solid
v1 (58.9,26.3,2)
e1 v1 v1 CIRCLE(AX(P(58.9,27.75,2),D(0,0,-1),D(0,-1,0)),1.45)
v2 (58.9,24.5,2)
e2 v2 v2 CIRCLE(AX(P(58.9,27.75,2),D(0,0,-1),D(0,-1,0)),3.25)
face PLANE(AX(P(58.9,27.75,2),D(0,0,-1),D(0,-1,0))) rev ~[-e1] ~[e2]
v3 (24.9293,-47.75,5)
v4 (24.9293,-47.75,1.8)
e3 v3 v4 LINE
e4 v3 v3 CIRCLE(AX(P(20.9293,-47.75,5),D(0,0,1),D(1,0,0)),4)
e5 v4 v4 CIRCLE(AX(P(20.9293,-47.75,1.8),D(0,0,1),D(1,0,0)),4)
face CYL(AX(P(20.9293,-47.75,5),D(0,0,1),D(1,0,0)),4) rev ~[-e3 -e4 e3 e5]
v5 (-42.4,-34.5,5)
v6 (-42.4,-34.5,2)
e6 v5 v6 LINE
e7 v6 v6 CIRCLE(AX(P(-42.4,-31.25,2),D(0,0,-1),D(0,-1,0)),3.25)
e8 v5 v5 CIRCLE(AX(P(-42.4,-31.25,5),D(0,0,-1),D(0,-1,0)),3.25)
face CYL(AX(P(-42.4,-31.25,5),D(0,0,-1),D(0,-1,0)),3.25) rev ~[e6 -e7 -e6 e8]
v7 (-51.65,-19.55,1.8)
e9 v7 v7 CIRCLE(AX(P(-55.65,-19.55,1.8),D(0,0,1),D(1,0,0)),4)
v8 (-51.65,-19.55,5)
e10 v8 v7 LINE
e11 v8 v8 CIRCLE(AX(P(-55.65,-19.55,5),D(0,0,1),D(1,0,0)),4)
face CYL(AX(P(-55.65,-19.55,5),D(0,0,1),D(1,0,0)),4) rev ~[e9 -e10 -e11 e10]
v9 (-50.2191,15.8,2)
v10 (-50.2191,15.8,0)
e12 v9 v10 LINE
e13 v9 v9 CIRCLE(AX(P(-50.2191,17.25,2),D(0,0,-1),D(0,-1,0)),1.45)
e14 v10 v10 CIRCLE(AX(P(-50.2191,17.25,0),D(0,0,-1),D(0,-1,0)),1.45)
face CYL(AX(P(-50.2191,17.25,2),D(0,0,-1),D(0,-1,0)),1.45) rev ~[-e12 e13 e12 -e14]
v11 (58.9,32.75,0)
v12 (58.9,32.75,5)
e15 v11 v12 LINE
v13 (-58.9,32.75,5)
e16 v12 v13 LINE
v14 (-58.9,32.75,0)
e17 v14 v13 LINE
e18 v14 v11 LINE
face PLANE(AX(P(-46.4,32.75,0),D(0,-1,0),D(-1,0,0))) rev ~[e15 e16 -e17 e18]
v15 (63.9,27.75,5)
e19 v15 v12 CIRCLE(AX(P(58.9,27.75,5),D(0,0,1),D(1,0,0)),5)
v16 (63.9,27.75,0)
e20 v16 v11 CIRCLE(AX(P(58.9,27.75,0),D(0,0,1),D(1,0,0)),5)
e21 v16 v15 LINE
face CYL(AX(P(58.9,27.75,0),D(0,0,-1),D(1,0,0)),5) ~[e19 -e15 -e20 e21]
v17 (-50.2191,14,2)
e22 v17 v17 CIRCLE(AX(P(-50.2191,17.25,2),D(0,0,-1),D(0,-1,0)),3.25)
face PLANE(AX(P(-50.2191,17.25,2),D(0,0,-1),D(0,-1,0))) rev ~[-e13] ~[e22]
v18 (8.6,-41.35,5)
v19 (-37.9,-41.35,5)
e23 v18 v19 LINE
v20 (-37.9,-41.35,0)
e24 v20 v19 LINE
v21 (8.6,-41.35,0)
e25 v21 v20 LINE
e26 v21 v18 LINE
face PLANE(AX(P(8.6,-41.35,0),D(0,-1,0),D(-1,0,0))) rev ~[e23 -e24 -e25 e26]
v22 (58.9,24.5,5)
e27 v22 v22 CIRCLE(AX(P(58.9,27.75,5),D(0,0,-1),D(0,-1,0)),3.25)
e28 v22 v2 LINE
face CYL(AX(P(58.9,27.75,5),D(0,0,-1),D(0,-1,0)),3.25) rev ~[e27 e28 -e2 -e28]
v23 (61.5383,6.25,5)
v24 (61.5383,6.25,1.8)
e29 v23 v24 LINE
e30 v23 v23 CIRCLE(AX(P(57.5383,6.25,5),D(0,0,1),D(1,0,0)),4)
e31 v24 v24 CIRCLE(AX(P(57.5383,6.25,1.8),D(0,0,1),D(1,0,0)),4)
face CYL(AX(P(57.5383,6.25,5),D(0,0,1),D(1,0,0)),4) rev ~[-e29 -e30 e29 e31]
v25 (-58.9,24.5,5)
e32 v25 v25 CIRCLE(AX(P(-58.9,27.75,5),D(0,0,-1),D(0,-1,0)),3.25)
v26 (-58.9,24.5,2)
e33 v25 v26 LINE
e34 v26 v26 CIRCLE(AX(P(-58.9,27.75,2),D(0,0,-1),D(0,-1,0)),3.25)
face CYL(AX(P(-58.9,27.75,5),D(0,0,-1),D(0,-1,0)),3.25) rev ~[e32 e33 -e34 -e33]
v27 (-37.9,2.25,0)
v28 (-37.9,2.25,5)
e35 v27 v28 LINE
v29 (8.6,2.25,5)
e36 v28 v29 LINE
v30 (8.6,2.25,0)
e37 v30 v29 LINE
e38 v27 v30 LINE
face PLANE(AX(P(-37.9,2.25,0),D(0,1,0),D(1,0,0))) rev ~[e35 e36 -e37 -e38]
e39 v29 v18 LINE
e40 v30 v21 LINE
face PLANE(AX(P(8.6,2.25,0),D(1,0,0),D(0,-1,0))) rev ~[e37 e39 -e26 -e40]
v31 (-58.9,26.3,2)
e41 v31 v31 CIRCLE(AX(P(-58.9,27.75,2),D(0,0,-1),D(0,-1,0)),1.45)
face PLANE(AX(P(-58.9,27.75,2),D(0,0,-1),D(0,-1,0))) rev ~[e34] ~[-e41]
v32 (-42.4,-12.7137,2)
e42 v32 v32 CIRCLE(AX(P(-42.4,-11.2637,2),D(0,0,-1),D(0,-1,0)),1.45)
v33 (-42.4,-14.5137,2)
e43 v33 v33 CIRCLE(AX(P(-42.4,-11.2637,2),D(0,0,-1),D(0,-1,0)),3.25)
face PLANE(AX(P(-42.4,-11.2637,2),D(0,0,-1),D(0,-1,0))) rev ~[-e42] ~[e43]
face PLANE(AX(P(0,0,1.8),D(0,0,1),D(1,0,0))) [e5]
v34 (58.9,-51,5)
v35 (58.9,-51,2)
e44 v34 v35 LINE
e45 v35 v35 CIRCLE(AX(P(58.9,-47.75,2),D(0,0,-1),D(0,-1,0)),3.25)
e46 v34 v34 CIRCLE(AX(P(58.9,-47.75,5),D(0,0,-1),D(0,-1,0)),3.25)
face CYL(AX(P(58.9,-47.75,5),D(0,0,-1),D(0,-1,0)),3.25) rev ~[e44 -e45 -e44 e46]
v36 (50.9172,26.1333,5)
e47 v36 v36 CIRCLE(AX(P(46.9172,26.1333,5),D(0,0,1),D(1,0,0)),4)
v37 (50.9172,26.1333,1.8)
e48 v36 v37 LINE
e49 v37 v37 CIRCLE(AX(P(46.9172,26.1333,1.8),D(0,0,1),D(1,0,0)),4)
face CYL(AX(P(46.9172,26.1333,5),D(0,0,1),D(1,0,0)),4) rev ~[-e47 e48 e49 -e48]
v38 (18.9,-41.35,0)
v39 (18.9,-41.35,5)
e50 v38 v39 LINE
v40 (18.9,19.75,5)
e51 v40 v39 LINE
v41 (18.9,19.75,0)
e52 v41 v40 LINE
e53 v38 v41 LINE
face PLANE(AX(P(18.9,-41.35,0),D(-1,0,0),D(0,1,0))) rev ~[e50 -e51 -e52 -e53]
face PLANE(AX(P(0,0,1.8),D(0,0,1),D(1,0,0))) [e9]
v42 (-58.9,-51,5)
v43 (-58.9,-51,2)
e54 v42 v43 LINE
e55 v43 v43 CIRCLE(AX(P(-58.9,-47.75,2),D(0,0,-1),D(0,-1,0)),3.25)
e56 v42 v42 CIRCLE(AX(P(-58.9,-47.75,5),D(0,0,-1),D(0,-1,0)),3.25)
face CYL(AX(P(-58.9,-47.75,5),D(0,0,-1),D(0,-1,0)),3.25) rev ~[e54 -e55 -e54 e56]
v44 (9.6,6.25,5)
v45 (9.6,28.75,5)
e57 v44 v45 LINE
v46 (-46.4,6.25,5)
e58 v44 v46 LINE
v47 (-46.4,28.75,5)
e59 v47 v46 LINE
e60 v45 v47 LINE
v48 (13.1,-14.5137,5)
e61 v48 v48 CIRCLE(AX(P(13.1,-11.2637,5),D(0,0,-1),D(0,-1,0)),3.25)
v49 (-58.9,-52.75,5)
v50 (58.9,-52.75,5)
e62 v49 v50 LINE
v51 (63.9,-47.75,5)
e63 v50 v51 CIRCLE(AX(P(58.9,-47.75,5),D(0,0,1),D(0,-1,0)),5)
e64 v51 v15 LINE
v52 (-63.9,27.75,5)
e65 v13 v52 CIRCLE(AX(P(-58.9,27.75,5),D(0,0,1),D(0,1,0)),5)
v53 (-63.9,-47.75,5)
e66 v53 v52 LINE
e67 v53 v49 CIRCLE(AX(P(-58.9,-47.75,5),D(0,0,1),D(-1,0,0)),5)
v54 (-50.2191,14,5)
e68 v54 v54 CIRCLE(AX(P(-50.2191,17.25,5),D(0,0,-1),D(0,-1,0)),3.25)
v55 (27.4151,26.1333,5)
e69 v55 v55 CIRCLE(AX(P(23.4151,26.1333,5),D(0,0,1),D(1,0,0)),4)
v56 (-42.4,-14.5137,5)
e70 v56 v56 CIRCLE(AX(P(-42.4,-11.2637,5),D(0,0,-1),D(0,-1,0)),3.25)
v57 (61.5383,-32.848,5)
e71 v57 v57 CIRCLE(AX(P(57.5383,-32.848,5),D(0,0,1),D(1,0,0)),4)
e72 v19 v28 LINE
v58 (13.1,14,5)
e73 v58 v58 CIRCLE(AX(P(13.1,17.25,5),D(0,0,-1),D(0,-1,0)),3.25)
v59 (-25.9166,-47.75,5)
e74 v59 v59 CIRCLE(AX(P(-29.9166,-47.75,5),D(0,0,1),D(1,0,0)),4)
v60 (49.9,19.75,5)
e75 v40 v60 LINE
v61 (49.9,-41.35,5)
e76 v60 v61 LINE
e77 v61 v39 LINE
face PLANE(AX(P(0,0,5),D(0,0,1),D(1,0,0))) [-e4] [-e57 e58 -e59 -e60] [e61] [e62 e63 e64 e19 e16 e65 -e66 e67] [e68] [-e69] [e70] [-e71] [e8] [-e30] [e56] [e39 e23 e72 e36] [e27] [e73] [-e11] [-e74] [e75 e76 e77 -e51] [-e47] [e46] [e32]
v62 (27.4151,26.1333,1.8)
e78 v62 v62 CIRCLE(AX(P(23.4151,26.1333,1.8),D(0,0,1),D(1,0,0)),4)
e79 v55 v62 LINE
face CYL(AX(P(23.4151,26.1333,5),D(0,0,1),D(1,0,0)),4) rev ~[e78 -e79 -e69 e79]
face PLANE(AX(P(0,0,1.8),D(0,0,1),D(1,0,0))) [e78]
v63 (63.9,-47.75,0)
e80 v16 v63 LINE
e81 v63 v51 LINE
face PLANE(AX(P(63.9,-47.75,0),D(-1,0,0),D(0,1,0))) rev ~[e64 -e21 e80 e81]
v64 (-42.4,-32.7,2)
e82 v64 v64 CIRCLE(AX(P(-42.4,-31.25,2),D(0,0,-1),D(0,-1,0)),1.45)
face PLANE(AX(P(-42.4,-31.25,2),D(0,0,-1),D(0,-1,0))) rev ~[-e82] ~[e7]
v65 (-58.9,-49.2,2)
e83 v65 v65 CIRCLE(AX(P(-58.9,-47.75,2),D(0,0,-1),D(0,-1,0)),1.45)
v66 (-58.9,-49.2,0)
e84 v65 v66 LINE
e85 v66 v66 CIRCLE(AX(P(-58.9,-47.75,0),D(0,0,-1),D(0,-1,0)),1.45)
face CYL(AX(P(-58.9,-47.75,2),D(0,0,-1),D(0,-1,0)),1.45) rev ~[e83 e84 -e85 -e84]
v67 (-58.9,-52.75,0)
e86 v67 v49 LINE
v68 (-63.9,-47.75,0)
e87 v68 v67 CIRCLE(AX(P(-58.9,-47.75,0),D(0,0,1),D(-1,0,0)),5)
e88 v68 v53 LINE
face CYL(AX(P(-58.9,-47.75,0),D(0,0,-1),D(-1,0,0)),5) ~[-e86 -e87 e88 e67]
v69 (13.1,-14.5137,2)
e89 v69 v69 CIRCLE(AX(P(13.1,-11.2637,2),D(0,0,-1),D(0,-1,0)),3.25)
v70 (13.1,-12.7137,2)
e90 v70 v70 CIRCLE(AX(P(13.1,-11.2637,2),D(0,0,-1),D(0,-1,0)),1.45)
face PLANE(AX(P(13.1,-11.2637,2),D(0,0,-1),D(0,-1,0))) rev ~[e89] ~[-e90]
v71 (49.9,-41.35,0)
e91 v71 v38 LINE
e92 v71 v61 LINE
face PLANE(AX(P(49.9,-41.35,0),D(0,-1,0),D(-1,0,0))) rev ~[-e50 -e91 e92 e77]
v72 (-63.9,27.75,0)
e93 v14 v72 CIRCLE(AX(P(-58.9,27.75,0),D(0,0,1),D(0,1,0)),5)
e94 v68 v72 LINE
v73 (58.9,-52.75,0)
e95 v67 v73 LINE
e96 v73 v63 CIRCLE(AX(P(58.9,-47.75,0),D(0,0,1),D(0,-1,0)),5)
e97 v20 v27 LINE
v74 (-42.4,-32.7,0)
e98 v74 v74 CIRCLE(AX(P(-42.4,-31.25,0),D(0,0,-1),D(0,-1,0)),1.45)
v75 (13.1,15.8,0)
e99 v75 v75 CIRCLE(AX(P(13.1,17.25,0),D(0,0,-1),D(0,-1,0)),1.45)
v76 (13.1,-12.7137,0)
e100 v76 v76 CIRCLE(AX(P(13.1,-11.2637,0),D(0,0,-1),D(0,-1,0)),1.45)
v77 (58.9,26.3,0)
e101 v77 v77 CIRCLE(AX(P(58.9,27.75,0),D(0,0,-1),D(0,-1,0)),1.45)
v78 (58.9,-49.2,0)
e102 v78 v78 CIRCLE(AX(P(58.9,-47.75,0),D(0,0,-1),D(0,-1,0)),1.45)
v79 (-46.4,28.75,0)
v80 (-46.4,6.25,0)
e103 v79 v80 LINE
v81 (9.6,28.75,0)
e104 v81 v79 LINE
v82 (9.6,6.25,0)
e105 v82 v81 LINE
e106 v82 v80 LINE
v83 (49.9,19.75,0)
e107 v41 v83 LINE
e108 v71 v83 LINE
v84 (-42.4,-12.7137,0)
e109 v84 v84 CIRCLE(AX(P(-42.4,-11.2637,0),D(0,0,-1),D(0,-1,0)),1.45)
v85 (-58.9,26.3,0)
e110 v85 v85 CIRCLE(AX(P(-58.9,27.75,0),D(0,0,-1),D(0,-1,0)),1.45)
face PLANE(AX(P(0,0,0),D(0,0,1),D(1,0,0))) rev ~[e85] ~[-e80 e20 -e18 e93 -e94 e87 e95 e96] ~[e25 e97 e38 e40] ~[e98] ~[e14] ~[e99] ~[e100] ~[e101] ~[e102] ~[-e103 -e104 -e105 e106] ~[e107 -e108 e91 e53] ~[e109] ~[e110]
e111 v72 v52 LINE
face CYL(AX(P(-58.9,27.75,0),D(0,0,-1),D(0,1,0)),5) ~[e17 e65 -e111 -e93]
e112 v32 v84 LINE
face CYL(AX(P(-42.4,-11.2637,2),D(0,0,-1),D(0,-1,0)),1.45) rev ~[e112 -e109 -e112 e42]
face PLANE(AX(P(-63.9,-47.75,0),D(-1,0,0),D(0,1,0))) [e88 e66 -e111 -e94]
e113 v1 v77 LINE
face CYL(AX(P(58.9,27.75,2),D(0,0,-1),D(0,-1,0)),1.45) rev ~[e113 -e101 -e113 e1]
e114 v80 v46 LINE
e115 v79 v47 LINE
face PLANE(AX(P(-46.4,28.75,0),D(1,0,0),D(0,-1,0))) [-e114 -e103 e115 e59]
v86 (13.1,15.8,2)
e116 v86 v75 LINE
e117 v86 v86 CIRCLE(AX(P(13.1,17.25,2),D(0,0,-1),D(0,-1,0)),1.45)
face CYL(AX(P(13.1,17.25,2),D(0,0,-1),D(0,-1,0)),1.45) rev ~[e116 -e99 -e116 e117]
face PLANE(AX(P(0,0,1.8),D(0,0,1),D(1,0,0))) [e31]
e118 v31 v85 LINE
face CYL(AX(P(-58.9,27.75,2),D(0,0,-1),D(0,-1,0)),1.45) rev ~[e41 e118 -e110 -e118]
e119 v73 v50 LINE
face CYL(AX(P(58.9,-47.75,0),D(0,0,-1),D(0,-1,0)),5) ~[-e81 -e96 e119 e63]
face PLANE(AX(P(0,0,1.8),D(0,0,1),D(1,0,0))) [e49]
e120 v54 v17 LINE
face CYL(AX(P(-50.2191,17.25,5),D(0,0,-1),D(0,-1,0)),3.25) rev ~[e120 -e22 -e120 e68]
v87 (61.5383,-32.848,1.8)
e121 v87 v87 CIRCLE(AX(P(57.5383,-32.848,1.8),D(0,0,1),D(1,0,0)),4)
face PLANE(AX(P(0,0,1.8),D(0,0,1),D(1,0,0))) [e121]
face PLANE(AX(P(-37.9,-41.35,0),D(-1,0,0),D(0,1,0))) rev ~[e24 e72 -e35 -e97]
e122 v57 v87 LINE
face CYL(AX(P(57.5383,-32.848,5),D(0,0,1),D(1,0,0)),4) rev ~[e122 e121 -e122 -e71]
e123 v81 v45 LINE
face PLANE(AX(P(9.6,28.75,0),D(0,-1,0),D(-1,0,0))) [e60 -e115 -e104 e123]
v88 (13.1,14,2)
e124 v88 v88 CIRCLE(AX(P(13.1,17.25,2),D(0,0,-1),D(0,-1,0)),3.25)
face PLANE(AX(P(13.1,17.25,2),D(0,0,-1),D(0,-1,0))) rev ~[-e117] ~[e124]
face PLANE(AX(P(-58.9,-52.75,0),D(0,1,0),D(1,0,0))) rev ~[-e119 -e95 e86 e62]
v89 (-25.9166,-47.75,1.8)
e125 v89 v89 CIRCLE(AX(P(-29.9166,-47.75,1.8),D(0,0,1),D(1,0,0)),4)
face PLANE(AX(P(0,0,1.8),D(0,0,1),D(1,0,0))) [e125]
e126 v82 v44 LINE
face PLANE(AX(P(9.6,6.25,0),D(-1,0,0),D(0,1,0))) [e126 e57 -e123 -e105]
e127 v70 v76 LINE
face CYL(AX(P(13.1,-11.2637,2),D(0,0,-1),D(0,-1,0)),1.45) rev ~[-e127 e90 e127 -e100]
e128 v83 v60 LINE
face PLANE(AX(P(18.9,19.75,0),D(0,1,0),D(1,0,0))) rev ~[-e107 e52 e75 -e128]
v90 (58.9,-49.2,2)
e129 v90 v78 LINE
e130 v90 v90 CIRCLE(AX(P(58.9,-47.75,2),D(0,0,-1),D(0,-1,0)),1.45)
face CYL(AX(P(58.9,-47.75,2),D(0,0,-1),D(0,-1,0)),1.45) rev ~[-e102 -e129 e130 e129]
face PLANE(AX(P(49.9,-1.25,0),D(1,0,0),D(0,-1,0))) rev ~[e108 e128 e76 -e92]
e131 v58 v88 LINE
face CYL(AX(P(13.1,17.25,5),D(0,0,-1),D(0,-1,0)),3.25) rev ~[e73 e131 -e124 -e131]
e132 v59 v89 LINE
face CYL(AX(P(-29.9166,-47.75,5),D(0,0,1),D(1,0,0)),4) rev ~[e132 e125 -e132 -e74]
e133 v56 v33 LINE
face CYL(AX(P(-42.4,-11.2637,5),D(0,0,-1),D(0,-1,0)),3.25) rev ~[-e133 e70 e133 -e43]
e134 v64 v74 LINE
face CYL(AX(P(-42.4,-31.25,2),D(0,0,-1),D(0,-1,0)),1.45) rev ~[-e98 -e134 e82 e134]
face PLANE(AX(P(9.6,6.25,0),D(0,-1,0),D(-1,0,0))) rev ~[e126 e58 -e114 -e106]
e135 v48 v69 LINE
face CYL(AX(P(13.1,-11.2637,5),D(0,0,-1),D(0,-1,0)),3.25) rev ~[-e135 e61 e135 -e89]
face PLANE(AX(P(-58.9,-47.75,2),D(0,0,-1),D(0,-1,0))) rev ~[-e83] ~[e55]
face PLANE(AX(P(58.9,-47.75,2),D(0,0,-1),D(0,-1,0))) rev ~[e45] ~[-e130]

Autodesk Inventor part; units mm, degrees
ref_plane "YZ Plane" through (0, 0, 0) normal (1, 0, 0) x (0, 1, 0)
ref_plane "XZ Plane" through (0, 0, 0) normal (0, 1, 0) x (-1, 0, 0)
ref_plane "Arbeitsebene1" through (0, 0, 0) normal (0, 0, 1) x (1, 0, 0)
sketch "Skizze1" plane through (0, 0, 0) normal (0, 0, 1) x (1, 0, 0)
  line L0 (8.6, 2.25) -> (8.6, -41.35) projected
  line L1 (8.6, -41.35) -> (-37.9, -41.35) projected
  line L2 (-37.9, -41.35) -> (-37.9, 2.25) projected
  line L3 (-37.9, 2.25) -> (8.6, 2.25) projected
  line L4 (9.6, 6.25) -> (-46.4, 6.25) projected
  line L5 (-46.4, 32.25) -> (-46.4, 6.25) projected
  line L6 (9.6, 32.25) -> (-46.4, 32.25) projected
  line L7 (9.6, 6.25) -> (9.6, 32.25) projected
  circle A0 centre (13.1, -11.2637) radius 1.4 projected
  circle A1 centre (-42.4, -11.2637) radius 1.4 projected
  circle A2 centre (-42.4, -31.25) radius 1.4 projected
  line L8 (18.9, -41.35) -> (18.9, 19.75) projected
  line L9 (18.9, 19.75) -> (58.9, 19.75) projected
  line L10 (58.9, 19.75) -> (58.9, 19.25) projected
  line L11 (58.9, 19.25) -> (55.9, 19.25) projected
  line L12 (55.9, 17.6031) -> (55.9, 19.25) projected
  line L13 (63.9, 17.6031) -> (55.9, 17.6031) projected
  line L14 (63.9, 27.75) -> (63.9, 17.6031) projected
  arc A3 (63.9, 27.75) -> (58.9, 32.75) centre (58.9, 27.75) ccw projected
  line L15 (58.9, 32.75) -> (-58.9, 32.75) projected
  arc A4 (-58.9, 32.75) -> (-63.9, 27.75) centre (-58.9, 27.75) ccw projected
  line L16 (-63.9, -47.75) -> (-63.9, 27.75) projected
  arc A5 (-63.9, -47.75) -> (-58.9, -52.75) centre (-58.9, -47.75) ccw projected
  line L17 (-58.9, -52.75) -> (58.9, -52.75) projected
  arc A6 (58.9, -52.75) -> (63.9, -47.75) centre (58.9, -47.75) ccw projected
  line L18 (63.9, -47.75) -> (63.9, 0.8969) projected
  line L19 (55.9, 0.8969) -> (63.9, 0.8969) projected
  line L20 (55.9, -0.75) -> (55.9, 0.8969) projected
  line L21 (58.9, -0.75) -> (55.9, -0.75) projected
  line L22 (58.9, -0.75) -> (58.9, -1.25) projected
  line L23 (58.9, -1.25) -> (49.9, -1.25) projected
  line L24 (49.9, -1.25) -> (49.9, -41.35) projected
  line L25 (49.9, -41.35) -> (18.9, -41.35) projected
  circle A7 centre (13.1, 17.25) radius 1.4 projected
  circle A8 centre (-50.2191, 17.25) radius 1.4 projected
  line L26 (63.9, 17.6031) -> (63.9, 0.8969)
  line L27 (49.9, -1.25) -> (49.9, 19.75)
  line L28 (18.9, 6.25) -> (9.6, 6.25)
  line L29 (9.6, 6.25) -> (9.6, 2.25)
  line L30 (9.6, 2.25) -> (8.6, 2.25)
  line L31 (-37.9, 2.25) -> (-46.4, 2.25)
  line L32 (-46.4, 2.25) -> (-46.4, 6.25)
  line L33 (9.6, 32.25) -> (9.6, 32.75)
  line L34 (-46.4, 32.25) -> (-46.4, 32.75)
  circle A9 centre (58.9, 27.75) radius 1.4
  circle A10 centre (58.9, -47.75) radius 1.4
  circle A11 centre (-58.9, -47.75) radius 1.4
  circle A12 centre (-58.9, 27.75) radius 1.4
  line L35 (-46.4, 32.75) -> (9.6, 32.75)
  line L36 (9.6, 32.75) -> (9.6, 28.75)
  line L37 (9.6, 28.75) -> (-46.4, 28.75)
  line L38 (-46.4, 28.75) -> (-46.4, 32.75)
  point P0 (0, 0)
  point P1 (-46.4, 28.75)
  dimension "d0" = 2.8
  dimension "d1" = 2.8
  dimension "d2" = 2.8
  dimension "d3" = 2.8
  dimension "d29" = 4
extrude "Extrusion1" add sketch "Skizze1" along normal blind 5 contours L30 L29 L28 L8 L25 L24 L23 L22 L21 L20 L19 L18 A6 L17 A5 L16 A4 L15 L34 L5 L32 L31 L2 L1 L0 | L3 L31 L32 L4 L29 L30 | L7 L33 L15 A3 L14 L13 L12 L11 L10 L9 L8 L28 | L37 L5 L6 L7 | L6 L34 L15 L33 | L9 L10 L11 L12 L13 L26 L19 L20 L21 L22 L23 L27
sketch "Skizze3" plane through (0, 0, 5) normal (0, 0, 1) x (1, 0, 0)
  line L0 (-58.9, -52.75) -> (58.9, -52.75) projected
  arc A0 (58.9, -52.75) -> (63.9, -47.75) centre (58.9, -47.75) ccw projected
  line L1 (63.9, -47.75) -> (63.9, 27.75) projected
  arc A1 (63.9, 27.75) -> (58.9, 32.75) centre (58.9, 27.75) ccw projected
  line L2 (58.9, 32.75) -> (-58.9, 32.75) projected
  line L3 (9.6, 28.75) -> (9.6, 6.25) projected
  line L4 (9.6, 6.25) -> (-46.4, 6.25) projected
  line L5 (-46.4, 6.25) -> (-46.4, 28.75) projected
  arc A2 (-58.9, 32.75) -> (-63.9, 27.75) centre (-58.9, 27.75) ccw projected
  line L6 (-63.9, 27.75) -> (-63.9, -47.75) projected
  arc A3 (-63.9, -47.75) -> (-58.9, -52.75) centre (-58.9, -47.75) ccw projected
  circle A4 centre (13.1, 17.25) radius 1.4 projected
  circle A5 centre (58.9, 27.75) radius 1.4 projected
  circle A6 centre (13.1, -11.2637) radius 1.4 projected
  circle A7 centre (-42.4, -11.2637) radius 1.4 projected
  circle A8 centre (-42.4, -31.25) radius 1.4 projected
  circle A9 centre (-50.2191, 17.25) radius 1.4 projected
  circle A10 centre (-58.9, 27.75) radius 1.4 projected
  circle A11 centre (-58.9, -47.75) radius 1.4 projected
  circle A12 centre (58.9, -47.75) radius 1.4 projected
  line L7 (8.6, 2.25) -> (8.6, -41.35) projected
  line L8 (8.6, -41.35) -> (-37.9, -41.35) projected
  line L9 (-37.9, -41.35) -> (-37.9, 2.25) projected
  line L10 (-37.9, 2.25) -> (8.6, 2.25) projected
  line L11 (18.9, -41.35) -> (18.9, 19.75) projected
  line L12 (18.9, 19.75) -> (49.9, 19.75) projected
  line L13 (49.9, 19.75) -> (49.9, -41.35) projected
  line L14 (49.9, -41.35) -> (18.9, -41.35) projected
  line L15 (-46.4, 28.75) -> (9.6, 28.75) projected
  point P0 (0, 0)
hole "Bohrung1" at (58.9, -47.75, 5) at (-58.9, -47.75, 5) at (-42.4, -31.25, 5) at (-42.4, -11.2637, 5) at (-50.2191, 17.25, 5) at (-58.9, 27.75, 5) at (13.1, -11.2637, 5) at (13.1, 17.25, 5) at (58.9, 27.75, 5) direction (0, 0, -1) diameter 2.9 end through all counterbore diameter 6.5 counterbore depth 3
ref_plane "Arbeitsebene2" through (55.9, -6.9963, -17.125) normal (-1, 0, 0) x (0, 0, 1)
sketch "Skizze7" plane through (0, 0, 5) normal (0, 0, 1) x (1, 0, 0)
  circle A0 centre (13.1, -11.2637) radius 3.25 projected
  line L0 (18.9, -41.35) -> (18.9, 19.75) projected
  line L1 (18.9, 19.75) -> (49.9, 19.75) projected
  line L2 (49.9, 19.75) -> (49.9, -41.35) projected
  line L3 (49.9, -41.35) -> (18.9, -41.35) projected
  line L4 (-37.9, -41.35) -> (-37.9, 2.25) projected
  line L5 (-37.9, 2.25) -> (8.6, 2.25) projected
  line L6 (8.6, 2.25) -> (8.6, -41.35) projected
  circle A1 centre (13.1, 17.25) radius 3.25 projected
  circle A2 centre (-58.9, 27.75) radius 3.25 projected
  circle A3 centre (-42.4, -11.2637) radius 3.25 projected
  circle A4 centre (-58.9, -47.75) radius 3.25 projected
  circle A5 centre (58.9, -47.75) radius 3.25 projected
  circle A6 centre (-42.4, -31.25) radius 3.25 projected
  circle A7 centre (-50.2191, 17.25) radius 3.25 projected
  circle A8 centre (58.9, 27.75) radius 3.25 projected
  line L7 (58.9, 32.75) -> (-58.9, 32.75) projected
  arc A9 (-58.9, 32.75) -> (-63.9, 27.75) centre (-58.9, 27.75) ccw projected
  line L8 (-63.9, 27.75) -> (-63.9, -47.75) projected
  arc A10 (-63.9, -47.75) -> (-58.9, -52.75) centre (-58.9, -47.75) ccw projected
  line L9 (-58.9, -52.75) -> (58.9, -52.75) projected
  arc A11 (58.9, -52.75) -> (63.9, -47.75) centre (58.9, -47.75) ccw projected
  line L10 (63.9, -47.75) -> (63.9, 27.75) projected
  arc A12 (63.9, 27.75) -> (58.9, 32.75) centre (58.9, 27.75) ccw projected
  line L11 (9.6, 28.75) -> (9.6, 6.25) projected
  line L12 (9.6, 6.25) -> (-46.4, 6.25) projected
  line L13 (-46.4, 6.25) -> (-46.4, 28.75) projected
  line L14 (-46.4, 28.75) -> (9.6, 28.75) projected
  circle A13 centre (23.4151, 26.1333) radius 4
  circle A14 centre (46.9172, 26.1333) radius 4
  circle A15 centre (57.5383, 6.25) radius 4
  circle A16 centre (57.5383, -32.848) radius 4
  circle A17 centre (20.9293, -47.75) radius 4
  circle A18 centre (-29.9166, -47.75) radius 4
  circle A19 centre (-55.65, -19.55) radius 4
  line L15 (8.6, -41.35) -> (-37.9, -41.35) projected
  point P0 (0, 0)
  dimension "d33" = 8
  dimension "d34" = 8
  dimension "d35" = 8
  dimension "d36" = 8
  dimension "d37" = 8
  dimension "d38" = 8
  dimension "d39" = 8
extrude "Extrusion6" cut sketch "Skizze7" against normal blind 3.2 contours A13 | A14 | A15 | A16 | A17 | A18 | A19
properties part number "11_Wellplatespacer_magnetic"
